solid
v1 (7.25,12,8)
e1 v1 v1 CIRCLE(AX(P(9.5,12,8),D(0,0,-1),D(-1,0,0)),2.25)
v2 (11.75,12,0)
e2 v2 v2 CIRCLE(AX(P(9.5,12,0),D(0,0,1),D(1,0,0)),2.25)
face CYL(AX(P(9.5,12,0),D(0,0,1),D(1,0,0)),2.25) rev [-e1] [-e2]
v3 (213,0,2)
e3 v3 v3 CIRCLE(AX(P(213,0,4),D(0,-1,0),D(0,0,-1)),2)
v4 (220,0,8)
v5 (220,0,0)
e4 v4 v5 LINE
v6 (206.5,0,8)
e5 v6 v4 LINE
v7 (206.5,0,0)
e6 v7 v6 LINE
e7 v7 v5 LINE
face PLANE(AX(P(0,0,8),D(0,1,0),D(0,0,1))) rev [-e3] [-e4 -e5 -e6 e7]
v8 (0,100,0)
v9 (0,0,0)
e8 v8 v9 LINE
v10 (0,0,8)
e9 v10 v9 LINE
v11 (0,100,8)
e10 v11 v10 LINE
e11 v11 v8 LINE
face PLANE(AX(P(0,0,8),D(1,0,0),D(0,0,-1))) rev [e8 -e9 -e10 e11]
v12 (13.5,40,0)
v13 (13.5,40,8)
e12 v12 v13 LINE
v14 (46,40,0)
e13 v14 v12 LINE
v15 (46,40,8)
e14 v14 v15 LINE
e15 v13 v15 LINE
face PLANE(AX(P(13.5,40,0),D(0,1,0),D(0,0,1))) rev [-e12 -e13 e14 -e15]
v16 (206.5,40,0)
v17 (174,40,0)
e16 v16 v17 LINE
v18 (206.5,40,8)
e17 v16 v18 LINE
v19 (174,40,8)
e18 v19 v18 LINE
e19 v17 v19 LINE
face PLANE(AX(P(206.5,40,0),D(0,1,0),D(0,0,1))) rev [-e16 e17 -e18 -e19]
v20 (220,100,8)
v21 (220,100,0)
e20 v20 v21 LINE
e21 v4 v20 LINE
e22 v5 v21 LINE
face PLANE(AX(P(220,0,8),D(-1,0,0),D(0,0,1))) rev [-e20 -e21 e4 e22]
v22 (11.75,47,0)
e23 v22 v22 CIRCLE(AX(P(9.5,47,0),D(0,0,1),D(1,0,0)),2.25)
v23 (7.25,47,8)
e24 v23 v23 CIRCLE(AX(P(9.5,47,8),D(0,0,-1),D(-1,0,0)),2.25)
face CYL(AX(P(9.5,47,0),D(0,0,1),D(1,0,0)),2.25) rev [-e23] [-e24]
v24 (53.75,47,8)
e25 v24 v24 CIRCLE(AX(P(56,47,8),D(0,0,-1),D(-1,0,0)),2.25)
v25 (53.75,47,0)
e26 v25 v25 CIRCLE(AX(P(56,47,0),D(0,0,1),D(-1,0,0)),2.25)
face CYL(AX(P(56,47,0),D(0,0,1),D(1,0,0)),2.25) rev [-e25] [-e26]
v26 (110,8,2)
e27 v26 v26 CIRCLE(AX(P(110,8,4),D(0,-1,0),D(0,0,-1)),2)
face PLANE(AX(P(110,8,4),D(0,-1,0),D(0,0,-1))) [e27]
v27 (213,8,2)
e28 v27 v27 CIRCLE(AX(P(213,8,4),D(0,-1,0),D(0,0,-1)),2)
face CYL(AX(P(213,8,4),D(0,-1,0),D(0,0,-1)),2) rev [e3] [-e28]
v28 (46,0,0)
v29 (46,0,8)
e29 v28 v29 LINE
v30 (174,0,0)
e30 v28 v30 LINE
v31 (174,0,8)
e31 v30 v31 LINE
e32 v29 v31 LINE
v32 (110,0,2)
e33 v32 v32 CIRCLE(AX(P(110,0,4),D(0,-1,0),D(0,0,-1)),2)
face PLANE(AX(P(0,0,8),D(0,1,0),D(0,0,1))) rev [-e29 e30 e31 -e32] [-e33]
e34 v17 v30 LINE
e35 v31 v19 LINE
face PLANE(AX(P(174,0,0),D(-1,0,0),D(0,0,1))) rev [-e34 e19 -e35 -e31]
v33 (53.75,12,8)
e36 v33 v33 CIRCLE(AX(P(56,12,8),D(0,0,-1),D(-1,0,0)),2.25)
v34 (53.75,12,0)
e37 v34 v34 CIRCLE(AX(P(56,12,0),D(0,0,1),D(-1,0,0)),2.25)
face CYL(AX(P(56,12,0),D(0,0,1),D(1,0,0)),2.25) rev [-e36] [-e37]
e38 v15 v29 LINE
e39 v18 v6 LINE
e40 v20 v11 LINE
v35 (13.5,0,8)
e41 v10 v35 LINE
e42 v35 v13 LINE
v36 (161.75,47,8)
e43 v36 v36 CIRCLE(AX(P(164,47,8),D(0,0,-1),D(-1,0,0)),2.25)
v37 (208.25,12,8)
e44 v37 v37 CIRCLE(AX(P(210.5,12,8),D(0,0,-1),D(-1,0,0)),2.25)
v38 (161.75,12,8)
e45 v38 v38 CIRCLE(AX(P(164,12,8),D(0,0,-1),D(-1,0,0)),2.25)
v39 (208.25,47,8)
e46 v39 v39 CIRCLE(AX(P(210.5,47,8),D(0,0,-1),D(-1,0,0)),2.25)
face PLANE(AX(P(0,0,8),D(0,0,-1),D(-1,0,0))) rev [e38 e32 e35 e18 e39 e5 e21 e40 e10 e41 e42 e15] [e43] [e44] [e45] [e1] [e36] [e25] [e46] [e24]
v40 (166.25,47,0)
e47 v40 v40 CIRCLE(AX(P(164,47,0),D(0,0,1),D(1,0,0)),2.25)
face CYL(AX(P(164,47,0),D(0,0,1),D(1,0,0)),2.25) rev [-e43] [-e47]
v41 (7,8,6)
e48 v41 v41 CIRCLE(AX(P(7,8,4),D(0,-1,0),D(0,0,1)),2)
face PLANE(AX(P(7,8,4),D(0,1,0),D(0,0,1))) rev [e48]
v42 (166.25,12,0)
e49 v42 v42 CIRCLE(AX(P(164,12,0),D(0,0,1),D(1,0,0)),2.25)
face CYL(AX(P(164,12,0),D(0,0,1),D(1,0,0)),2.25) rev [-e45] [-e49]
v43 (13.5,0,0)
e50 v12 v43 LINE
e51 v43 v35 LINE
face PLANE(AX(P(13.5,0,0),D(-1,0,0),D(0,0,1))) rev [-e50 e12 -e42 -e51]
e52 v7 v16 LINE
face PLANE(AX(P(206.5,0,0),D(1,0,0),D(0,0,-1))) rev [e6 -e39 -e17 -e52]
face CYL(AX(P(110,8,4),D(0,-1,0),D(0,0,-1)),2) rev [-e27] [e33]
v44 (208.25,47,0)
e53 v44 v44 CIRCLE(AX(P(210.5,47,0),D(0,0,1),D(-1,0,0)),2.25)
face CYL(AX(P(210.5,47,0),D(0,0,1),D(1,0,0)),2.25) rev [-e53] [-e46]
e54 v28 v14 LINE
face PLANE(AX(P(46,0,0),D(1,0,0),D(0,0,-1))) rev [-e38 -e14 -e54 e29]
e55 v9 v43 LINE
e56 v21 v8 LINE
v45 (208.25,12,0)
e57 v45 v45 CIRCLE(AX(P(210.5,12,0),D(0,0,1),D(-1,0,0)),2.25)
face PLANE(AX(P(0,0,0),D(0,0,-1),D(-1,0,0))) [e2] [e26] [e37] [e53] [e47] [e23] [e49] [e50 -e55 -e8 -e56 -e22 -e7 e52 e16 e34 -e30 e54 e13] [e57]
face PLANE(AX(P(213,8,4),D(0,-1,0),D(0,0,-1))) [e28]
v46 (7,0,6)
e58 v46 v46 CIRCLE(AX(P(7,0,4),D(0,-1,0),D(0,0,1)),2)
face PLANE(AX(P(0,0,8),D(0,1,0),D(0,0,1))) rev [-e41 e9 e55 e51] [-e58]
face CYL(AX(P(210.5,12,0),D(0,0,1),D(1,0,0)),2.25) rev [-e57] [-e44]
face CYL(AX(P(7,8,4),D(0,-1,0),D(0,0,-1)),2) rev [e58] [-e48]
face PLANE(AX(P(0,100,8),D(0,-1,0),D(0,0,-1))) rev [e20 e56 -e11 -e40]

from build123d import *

# Parameters (mm, degrees)
ESQUISSE1_W                  = 220
ESQUISSE1_H                  = 100
BOSS_EXTRU_1_DEPTH           = 8
ESQUISSE2_R                  = 2
ENL_V_MAT_EXTRU_1_DEPTH      = 8
ENL_V_MAT_EXTRU_6_DEPTH      = 242.793300155
ENL_V_MAT_EXTRU_6_DEPTH_BACK = 242.793300155
ESQUISSE8_W                  = 32.5
ESQUISSE8_H                  = 40
ENL_V_MAT_EXTRU_8_DEPTH      = 242.793300155
ENL_V_MAT_EXTRU_8_DEPTH_BACK = 242.793300155
ESQUISSE10_R                 = 2.25


with BuildPart() as part:
    # Esquisse1 → Boss.-Extru.1 (new body)
    with BuildSketch(Plane.XY):
        with Locations((110, 50)):
            Rectangle(ESQUISSE1_W, ESQUISSE1_H)
    extrude(amount=BOSS_EXTRU_1_DEPTH)

    # Esquisse2 → Enlèv. mat.-Extru.1 (cut)
    with BuildSketch(Plane.XZ):
        with Locations(Location((110, 4, 0), (0, 0, 270))):
            Circle(ESQUISSE2_R)
        with Locations(Location((213, 4, 0), (0, 0, 270))):
            Circle(ESQUISSE2_R)
        with Locations(Location((7, 4, 0), (0, 0, 90))):
            Circle(ESQUISSE2_R)
    extrude(amount=-ENL_V_MAT_EXTRU_1_DEPTH, mode=Mode.SUBTRACT)

    # Esquisse8 → Enlèv. mat.-Extru.6 (cut, two sides: drawn at the far end of the back side and taken through both)
    with BuildSketch(Plane.XY.offset(8).offset(-ENL_V_MAT_EXTRU_6_DEPTH_BACK)):
        with Locations((190.25, 20)):
            Rectangle(ESQUISSE8_W, ESQUISSE8_H)
        with Locations((29.75, 20)):
            Rectangle(ESQUISSE8_W, ESQUISSE8_H)
    extrude(amount=ENL_V_MAT_EXTRU_6_DEPTH + ENL_V_MAT_EXTRU_6_DEPTH_BACK, mode=Mode.SUBTRACT)

    # Esquisse10 → Enlèv. mat.-Extru.8 (cut, two sides: drawn at the far end of the back side and taken through both)
    with BuildSketch(Plane.XY.offset(8).offset(-ENL_V_MAT_EXTRU_8_DEPTH_BACK)):
        with Locations((9.5, 12)):
            Circle(ESQUISSE10_R)
        with Locations((9.5, 47)):
            Circle(ESQUISSE10_R)
        with Locations(Location((210.5, 47, 0), (0, 0, 180))):
            Circle(ESQUISSE10_R)
        with Locations(Location((210.5, 12, 0), (0, 0, 180))):
            Circle(ESQUISSE10_R)
        with Locations(Location((56, 47, 0), (0, 0, 180))):
            Circle(ESQUISSE10_R)
        with Locations(Location((56, 12, 0), (0, 0, 180))):
            Circle(ESQUISSE10_R)
        with Locations((164, 12)):
            Circle(ESQUISSE10_R)
        with Locations((164, 47)):
            Circle(ESQUISSE10_R)
    extrude(amount=ENL_V_MAT_EXTRU_8_DEPTH + ENL_V_MAT_EXTRU_8_DEPTH_BACK, mode=Mode.SUBTRACT)


solid = part.part
